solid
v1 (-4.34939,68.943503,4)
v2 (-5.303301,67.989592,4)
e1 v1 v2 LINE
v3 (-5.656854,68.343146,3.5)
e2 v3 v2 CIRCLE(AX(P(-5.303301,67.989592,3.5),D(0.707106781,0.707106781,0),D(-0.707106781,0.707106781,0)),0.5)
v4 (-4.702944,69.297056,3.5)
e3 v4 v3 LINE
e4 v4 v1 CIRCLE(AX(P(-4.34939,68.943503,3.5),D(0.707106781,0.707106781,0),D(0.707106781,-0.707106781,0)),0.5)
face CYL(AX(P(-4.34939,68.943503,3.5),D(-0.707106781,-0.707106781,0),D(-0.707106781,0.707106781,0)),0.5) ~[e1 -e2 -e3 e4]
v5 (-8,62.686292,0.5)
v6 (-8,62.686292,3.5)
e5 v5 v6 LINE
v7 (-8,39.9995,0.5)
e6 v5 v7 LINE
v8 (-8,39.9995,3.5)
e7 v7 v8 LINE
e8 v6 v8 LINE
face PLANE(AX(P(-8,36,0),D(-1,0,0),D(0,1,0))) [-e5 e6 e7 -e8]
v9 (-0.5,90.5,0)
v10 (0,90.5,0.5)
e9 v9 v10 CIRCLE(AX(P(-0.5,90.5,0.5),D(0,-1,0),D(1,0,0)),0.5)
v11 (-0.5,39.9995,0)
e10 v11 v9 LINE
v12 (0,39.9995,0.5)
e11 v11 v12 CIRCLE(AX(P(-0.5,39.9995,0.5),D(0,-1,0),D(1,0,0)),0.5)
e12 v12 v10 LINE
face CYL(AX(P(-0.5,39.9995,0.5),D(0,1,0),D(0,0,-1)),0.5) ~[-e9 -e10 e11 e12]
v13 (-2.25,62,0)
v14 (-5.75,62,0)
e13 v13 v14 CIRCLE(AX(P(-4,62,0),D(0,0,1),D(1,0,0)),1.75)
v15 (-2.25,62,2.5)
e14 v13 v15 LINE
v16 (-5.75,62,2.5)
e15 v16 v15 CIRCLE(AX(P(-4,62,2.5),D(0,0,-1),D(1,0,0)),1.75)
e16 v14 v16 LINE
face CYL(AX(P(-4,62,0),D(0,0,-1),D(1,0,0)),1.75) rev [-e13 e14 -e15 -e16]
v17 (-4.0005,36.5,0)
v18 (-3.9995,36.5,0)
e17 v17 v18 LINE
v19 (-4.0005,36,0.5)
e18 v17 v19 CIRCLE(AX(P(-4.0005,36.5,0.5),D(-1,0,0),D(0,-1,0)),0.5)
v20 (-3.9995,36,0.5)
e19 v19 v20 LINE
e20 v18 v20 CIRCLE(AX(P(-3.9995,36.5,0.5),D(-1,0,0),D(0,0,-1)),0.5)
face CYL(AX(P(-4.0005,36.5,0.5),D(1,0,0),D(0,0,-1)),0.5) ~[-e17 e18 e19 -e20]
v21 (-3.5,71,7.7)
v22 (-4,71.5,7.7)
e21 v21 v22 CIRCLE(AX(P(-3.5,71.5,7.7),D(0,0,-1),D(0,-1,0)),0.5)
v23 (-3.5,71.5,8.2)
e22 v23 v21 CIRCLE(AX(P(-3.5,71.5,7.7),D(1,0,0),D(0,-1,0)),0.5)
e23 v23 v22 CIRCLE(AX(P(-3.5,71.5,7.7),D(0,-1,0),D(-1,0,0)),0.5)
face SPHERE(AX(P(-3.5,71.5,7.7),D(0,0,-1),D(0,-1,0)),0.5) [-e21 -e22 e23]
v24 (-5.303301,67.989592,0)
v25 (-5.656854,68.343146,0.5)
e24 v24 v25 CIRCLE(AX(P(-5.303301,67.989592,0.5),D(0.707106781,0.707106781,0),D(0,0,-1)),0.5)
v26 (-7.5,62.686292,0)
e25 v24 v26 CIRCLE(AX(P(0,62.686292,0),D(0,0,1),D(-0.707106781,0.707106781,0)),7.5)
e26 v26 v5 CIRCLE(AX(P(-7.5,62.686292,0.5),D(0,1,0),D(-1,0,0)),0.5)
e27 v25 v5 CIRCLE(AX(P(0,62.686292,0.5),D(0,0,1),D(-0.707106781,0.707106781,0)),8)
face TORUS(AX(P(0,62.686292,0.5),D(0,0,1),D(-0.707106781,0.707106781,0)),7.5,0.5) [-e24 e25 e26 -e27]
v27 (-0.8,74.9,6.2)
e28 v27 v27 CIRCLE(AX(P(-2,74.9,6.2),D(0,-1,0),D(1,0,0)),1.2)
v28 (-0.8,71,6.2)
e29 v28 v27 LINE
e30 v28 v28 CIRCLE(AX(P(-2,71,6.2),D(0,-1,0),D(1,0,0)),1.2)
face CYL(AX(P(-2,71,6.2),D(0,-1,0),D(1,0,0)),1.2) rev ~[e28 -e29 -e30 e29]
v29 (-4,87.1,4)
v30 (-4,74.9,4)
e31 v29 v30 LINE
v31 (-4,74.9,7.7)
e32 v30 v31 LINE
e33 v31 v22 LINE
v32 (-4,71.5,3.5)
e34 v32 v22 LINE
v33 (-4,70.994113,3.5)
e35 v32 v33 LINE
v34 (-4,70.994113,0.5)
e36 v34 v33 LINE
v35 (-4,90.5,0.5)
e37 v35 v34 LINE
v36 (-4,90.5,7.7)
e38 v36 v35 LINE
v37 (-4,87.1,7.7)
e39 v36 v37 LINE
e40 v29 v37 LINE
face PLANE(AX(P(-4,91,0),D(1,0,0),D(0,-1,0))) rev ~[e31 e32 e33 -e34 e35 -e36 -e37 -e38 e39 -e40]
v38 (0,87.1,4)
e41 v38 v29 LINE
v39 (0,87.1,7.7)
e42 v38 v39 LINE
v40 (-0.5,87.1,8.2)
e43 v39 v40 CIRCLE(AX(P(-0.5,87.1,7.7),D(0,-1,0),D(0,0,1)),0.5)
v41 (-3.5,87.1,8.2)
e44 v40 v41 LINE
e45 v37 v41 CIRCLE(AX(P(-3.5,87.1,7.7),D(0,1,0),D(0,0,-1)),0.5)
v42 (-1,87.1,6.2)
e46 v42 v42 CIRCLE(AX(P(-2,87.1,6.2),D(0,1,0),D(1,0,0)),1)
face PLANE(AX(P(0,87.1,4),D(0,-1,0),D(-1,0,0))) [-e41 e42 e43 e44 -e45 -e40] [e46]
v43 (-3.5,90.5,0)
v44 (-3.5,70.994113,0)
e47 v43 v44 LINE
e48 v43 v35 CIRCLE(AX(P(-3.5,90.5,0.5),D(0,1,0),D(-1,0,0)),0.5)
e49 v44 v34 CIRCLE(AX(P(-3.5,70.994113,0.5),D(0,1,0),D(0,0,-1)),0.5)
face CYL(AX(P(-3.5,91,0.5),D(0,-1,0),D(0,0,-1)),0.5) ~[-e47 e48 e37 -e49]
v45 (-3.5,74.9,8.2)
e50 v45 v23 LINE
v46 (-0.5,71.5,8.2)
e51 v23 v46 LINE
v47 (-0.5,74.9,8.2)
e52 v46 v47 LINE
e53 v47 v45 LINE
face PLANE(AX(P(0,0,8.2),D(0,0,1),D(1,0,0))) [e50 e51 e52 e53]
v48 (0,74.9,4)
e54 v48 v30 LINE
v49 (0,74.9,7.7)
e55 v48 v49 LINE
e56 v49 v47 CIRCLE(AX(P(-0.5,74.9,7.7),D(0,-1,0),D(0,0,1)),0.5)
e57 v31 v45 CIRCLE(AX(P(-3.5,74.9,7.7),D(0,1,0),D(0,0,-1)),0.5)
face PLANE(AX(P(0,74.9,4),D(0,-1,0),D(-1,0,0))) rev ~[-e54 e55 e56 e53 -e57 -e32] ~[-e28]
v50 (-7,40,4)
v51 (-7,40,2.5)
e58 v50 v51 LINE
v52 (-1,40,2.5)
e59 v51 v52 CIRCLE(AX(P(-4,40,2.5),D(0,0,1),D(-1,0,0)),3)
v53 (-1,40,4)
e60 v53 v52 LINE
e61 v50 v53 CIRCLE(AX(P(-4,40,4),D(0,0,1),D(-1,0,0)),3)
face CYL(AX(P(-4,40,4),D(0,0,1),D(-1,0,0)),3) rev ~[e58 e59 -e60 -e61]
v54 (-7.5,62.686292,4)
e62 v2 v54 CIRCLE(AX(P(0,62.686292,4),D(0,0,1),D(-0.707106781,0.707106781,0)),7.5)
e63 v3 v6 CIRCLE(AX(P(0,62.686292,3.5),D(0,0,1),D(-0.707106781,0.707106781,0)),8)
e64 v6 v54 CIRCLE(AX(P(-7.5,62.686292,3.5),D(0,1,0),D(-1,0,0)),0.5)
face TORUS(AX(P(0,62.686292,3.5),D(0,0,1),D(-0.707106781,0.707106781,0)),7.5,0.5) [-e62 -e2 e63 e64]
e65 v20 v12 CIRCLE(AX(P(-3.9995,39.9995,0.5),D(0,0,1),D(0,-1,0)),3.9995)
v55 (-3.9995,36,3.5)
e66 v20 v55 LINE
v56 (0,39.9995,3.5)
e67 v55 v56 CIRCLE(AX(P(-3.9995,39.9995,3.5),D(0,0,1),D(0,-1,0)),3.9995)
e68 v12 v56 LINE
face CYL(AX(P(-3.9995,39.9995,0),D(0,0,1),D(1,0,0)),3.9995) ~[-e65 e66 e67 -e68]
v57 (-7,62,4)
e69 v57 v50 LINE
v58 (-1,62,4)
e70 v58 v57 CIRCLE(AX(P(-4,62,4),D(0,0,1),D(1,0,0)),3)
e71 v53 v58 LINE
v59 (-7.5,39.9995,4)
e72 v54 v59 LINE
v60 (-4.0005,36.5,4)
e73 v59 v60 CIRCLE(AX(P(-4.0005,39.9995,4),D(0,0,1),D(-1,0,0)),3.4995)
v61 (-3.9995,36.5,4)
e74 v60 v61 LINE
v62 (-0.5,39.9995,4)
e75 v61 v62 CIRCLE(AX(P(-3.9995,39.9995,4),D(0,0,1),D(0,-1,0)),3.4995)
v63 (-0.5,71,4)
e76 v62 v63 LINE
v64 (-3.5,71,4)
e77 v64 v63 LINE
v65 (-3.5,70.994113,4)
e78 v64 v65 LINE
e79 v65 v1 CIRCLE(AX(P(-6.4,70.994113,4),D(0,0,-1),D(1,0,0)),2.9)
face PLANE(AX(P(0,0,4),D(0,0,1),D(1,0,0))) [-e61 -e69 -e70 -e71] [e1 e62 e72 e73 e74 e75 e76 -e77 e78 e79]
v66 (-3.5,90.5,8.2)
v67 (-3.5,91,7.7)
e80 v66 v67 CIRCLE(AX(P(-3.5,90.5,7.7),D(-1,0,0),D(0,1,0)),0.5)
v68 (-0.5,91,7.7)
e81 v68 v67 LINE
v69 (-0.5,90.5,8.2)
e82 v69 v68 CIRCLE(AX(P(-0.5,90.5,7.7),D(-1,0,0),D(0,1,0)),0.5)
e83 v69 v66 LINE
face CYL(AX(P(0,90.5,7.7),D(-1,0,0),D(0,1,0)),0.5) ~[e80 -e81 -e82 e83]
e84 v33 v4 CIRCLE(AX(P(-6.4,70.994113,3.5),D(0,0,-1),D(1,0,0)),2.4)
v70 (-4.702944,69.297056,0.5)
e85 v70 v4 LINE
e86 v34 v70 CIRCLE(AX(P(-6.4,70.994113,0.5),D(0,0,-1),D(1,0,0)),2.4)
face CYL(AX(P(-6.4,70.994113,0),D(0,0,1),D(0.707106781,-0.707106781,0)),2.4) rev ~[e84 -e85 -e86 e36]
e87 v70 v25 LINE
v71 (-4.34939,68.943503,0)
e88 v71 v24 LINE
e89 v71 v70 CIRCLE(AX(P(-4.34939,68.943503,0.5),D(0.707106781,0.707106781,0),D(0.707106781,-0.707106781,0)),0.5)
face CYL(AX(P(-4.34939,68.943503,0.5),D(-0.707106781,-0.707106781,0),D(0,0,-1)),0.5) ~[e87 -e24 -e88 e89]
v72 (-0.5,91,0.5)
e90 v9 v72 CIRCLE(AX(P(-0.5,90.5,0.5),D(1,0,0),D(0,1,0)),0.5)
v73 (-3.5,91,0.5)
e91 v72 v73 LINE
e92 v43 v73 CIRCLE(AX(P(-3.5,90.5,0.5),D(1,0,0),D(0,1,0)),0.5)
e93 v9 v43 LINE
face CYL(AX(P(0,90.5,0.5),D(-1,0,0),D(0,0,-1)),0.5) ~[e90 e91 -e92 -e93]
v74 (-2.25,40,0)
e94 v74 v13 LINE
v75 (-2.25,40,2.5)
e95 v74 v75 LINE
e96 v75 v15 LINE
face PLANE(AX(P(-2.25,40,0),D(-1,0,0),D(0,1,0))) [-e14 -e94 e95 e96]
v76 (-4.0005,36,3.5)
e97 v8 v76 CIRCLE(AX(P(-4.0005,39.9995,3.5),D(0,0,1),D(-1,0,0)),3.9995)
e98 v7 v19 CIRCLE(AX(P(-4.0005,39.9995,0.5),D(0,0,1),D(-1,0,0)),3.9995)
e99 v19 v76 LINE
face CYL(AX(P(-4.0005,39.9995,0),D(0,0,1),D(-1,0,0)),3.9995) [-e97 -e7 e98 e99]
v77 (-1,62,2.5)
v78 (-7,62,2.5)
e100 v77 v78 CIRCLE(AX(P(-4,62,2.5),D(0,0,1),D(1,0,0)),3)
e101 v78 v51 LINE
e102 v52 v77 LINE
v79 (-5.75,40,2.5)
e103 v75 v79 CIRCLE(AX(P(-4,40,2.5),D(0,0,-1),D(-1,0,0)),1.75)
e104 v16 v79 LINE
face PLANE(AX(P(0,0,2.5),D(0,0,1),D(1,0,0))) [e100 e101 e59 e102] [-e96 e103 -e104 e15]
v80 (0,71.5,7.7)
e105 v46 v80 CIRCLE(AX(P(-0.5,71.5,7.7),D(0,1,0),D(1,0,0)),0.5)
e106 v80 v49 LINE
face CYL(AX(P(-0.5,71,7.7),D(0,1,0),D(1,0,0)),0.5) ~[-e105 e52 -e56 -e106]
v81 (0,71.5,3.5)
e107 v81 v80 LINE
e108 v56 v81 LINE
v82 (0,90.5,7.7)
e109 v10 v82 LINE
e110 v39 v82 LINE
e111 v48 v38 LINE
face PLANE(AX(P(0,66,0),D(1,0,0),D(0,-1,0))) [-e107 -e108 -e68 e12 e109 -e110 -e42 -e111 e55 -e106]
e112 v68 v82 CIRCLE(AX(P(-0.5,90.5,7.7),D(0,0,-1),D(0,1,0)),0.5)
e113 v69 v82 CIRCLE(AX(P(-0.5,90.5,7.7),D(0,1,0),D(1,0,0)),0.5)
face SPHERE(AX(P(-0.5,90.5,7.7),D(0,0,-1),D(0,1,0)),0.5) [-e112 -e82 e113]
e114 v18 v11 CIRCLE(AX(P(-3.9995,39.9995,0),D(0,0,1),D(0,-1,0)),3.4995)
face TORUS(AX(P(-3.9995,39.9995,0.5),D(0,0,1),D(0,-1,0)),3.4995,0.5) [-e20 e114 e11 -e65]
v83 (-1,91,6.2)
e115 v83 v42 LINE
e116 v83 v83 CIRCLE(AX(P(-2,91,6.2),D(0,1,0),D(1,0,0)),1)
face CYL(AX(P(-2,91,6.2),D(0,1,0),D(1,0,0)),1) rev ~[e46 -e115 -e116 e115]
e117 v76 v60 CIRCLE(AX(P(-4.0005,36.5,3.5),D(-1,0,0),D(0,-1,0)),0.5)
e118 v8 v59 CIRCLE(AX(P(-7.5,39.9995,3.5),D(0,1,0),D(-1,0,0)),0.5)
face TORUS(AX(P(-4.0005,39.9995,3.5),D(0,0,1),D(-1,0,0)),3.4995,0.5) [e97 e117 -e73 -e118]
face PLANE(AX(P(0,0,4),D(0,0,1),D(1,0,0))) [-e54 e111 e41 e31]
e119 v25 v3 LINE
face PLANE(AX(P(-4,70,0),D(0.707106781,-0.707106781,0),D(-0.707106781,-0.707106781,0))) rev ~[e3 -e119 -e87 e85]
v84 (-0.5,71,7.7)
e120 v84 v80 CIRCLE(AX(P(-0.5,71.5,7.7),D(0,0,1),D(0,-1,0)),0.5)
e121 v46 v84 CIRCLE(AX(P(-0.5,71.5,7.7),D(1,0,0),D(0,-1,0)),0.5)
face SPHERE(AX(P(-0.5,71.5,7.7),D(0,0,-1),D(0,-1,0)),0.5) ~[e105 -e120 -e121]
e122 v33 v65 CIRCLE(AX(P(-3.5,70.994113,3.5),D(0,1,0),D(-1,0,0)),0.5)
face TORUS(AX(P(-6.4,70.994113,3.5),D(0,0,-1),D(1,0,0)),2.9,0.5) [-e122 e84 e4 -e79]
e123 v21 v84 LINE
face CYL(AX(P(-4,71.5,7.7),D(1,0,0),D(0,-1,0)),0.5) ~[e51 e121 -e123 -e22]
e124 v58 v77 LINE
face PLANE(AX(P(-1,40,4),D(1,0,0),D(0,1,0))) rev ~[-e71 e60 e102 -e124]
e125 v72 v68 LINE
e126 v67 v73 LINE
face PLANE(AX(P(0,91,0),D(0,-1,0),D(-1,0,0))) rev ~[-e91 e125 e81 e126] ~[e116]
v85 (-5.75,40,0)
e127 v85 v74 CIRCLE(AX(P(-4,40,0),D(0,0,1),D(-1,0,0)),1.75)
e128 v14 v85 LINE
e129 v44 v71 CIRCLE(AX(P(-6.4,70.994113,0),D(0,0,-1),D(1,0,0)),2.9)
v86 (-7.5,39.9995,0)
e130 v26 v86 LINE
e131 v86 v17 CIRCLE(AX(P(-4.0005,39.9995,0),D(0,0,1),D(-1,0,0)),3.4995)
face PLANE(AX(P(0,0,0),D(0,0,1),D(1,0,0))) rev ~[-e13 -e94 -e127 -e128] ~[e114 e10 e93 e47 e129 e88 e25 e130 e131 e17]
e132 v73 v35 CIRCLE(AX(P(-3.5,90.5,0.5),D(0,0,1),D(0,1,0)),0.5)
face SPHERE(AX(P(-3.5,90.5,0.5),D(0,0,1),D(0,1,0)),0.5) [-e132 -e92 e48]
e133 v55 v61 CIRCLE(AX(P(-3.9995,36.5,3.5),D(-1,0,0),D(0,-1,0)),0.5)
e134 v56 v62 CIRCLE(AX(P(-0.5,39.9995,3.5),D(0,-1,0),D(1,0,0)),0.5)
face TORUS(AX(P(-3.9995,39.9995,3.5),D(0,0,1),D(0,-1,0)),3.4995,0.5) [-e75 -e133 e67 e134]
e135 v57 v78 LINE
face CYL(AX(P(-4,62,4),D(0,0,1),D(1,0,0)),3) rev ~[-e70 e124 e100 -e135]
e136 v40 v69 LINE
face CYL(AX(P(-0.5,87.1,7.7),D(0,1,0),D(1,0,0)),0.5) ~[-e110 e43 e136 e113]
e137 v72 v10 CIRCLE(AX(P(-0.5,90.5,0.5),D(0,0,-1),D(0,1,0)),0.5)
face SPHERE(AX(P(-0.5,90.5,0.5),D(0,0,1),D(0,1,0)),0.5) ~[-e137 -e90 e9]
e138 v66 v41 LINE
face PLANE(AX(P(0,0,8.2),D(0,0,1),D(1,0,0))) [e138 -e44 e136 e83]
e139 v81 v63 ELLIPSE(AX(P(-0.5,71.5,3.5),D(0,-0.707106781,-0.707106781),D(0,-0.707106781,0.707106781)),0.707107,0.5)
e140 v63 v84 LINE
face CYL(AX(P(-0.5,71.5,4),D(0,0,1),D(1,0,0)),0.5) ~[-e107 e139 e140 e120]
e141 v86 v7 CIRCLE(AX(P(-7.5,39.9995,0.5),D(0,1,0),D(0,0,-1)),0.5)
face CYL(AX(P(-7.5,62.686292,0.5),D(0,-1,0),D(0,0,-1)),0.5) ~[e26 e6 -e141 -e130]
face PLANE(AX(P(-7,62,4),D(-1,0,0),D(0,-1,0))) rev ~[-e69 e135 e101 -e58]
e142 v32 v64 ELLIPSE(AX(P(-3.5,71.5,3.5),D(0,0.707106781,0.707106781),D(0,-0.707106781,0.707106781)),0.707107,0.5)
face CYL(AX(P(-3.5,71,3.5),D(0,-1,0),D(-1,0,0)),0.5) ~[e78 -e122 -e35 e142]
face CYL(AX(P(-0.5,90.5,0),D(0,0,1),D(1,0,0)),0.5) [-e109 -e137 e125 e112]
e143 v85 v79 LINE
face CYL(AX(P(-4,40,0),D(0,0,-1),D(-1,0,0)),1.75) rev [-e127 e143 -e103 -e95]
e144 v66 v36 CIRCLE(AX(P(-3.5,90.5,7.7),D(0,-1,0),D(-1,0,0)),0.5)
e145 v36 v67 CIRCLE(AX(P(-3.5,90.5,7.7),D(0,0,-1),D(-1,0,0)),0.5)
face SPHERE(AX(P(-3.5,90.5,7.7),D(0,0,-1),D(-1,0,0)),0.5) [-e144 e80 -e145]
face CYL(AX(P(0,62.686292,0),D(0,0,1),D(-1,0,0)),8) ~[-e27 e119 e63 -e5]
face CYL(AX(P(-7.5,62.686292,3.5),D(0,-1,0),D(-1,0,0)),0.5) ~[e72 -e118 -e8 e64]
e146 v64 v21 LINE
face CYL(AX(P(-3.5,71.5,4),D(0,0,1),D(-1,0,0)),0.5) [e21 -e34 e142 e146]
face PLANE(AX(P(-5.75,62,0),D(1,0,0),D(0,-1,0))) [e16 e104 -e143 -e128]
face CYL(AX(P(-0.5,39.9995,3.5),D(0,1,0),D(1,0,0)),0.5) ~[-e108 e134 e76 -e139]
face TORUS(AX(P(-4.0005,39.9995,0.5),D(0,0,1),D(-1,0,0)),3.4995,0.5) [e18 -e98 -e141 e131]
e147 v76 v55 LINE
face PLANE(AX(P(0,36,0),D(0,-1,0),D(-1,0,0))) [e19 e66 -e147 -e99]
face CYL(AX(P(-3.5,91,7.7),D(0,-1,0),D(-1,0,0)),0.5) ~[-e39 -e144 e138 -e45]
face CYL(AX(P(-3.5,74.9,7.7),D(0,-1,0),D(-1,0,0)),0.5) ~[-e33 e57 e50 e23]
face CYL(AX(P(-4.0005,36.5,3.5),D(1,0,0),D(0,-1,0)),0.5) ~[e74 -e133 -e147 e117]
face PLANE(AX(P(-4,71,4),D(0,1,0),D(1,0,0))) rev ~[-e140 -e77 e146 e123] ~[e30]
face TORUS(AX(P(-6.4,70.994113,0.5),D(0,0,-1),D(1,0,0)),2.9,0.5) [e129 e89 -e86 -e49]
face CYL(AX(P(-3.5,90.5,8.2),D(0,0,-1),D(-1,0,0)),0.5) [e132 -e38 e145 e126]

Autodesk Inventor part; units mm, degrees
ref_plane "YZ Plane" through (0, 0, 0) normal (1, 0, 0) x (0, 1, 0)
ref_plane "XZ Plane" through (0, 0, 0) normal (0, 1, 0) x (-1, 0, 0)
ref_plane "Work Plane1" through (0, 0, 0) normal (0, 0, 1) x (1, 0, 0)
sketch "Sketch1" plane through (0, 0, 0) normal (0, 0, 1) x (1, 0, 0)
  circle A0 centre (-4, 62) radius 1.75 projected
  circle A1 centre (-4, 50) radius 1.75 projected
  line L0 (-8, 12) -> (-8, 66) projected
  line L1 (0, 66) -> (-8, 66) projected
  line L2 (0, 66) -> (0, 36)
  line L3 (0, 36) -> (-8, 36)
  line L4 (0, 66) -> (0, 91)
  line L5 (0, 91) -> (-4, 91)
  line L6 (-4, 91) -> (-4, 70)
  line L7 (-4, 70) -> (-8, 66)
  line L8 (-8, 66) -> (-8, 36)
  line L9 (-4, 62) -> (-4, 40) construction
  line L10 (-5.75, 62) -> (-5.75, 40)
  line L11 (-2.25, 40) -> (-2.25, 62)
  arc A2 (-2.25, 62) -> (-5.75, 62) centre (-4, 62) ccw
  arc A3 (-5.75, 40) -> (-2.25, 40) centre (-4, 40) ccw
  line L12 (-4, 80.5) -> (0, 80.5) construction
  point P0 (0, 0)
  point P1 (-4, 51)
  point P2 (-2.25, 62)
  dimension "d4" = 21
  dimension "d6" = 4
  dimension "d7" = 135
  dimension "d8" = 30
  dimension "d11" = 4
  dimension "d12" = 22
  dimension "d13" = 1.75
extrude "Extrusion1" add sketch "Sketch1" along normal blind 4
sketch "Sketch2" plane through (0, 0, 4) normal (0, 0, 1) x (1, 0, 0)
  arc A0 (-2.25, 62) -> (-5.75, 62) centre (-4, 62) ccw projected
  arc A1 (-5.75, 40) -> (-2.25, 40) centre (-4, 40) ccw projected
  line L0 (-4, 62) -> (-4, 40) construction
  line L1 (-7, 62) -> (-7, 40)
  line L2 (-1, 40) -> (-1, 62)
  arc A2 (-1, 62) -> (-7, 62) centre (-4, 62) ccw
  arc A3 (-7, 40) -> (-1, 40) centre (-4, 40) ccw
  point P0 (0, 0)
  point P1 (-4, 51)
  dimension "d16" = 6
extrude "Extrusion2" cut sketch "Sketch2" against normal blind 1.5
sketch "Sketch3" plane through (0, 0, 4) normal (0, 0, 1) x (1, 0, 0)
  line L0 (0, 36) -> (0, 91) projected
  line L1 (0, 87.1) -> (-4, 87.1)
  line L2 (-4, 91) -> (-4, 70) projected
  line L3 (-4, 71) -> (0, 71)
  line L4 (0, 74.9) -> (-4, 74.9)
  line L5 (0, 91) -> (-4, 91) projected
  point P0 (0, 0)
  point P1 (0, 70)
  dimension "d19" = 3.9
  dimension "d20" = 3.9
  dimension "d30" = 1
extrude "Extrusion3" add sketch "Sketch3" along normal blind 4.2 contours L3 L2 L4 L0 | L1 L2 L5 L0
sketch "Sketch4" plane through (-4, 91, 0) normal (0, 1, 0) x (1, 0, 0)
  circle A0 centre (2, -6.2) radius 1
  line L0 (4, -8.2) -> (0, -8.2) projected
  point P0 (4, 0)
  point P1 (2, -8.2)
  dimension "d23" = 2
  dimension "d24" = 2
extrude "Extrusion4" cut sketch "Sketch4" against normal up to surface (3.9 mm away)
sketch "Sketch5" plane through (-4, 71, 4) normal (0, -1, 0) x (1, 0, 0)
  circle A0 centre (2, 2.2) radius 1 projected
  circle A1 centre (2, 2.2) radius 1.2
  point P0 (4, -4)
  dimension "d27" = 2.4
extrude "Extrusion5" cut sketch "Sketch5" against normal up to surface (3.9 mm away) contours A0 | A1
fillet "Fillet1" radius 2.4 1 edges at (-4, 70, 2)
fillet "Fillet2" radius 4 2 edges at (-8, 36, 2) (0, 36, 2)
fillet "Fillet3" radius 8 1 edges at (-8, 66, 2)
fillet "Fillet4" radius 0.5 25 edges at (0, 91, 4.1) (-4, 91, 4.1) (-2, 91, 0) (-6.8286, 37.1714, 0) (-8, 51.3429, 0) (-7.391, 65.7478, 0) (-5.1799, 68.8201, 0) (-4.1827, 70.0757, 0) (-4, 80.9971, 0) (0, 65.4998, 0) (-4, 89.05, 8.2) (-2, 91, 8.2) (0, 89.05, 8.2) (-4, 71, 6.1) (0, 71, 6.1) (-2, 71, 8.2) (-4, 72.95, 8.2) (0, 72.95, 8.2) (-5.1799, 68.8201, 4) (-4.1827, 70.0757, 4) (-4, 70.9971, 4) (-8, 51.3429, 4) (-6.8286, 37.1714, 4) (0, 55.4998, 4) (-7.391, 65.7478, 4)
sketch "Sketch6" plane through (0, 0, 4) normal (0, 0, 1) x (1, 0, 0)
  line L0 (-4, 87.1) -> (-4, 74.9) projected
  line L1 (-4, 81) -> (0, 81) construction
  arc A0 (-2.25, 62) -> (-5.75, 62) centre (-4, 62) ccw projected
  line L2 (-4, 62) -> (-4, 61)
  point P0 (0, 0)
  dimension "d35" = 1
  dimension "d36" = 20
properties part number "wiperholder"
